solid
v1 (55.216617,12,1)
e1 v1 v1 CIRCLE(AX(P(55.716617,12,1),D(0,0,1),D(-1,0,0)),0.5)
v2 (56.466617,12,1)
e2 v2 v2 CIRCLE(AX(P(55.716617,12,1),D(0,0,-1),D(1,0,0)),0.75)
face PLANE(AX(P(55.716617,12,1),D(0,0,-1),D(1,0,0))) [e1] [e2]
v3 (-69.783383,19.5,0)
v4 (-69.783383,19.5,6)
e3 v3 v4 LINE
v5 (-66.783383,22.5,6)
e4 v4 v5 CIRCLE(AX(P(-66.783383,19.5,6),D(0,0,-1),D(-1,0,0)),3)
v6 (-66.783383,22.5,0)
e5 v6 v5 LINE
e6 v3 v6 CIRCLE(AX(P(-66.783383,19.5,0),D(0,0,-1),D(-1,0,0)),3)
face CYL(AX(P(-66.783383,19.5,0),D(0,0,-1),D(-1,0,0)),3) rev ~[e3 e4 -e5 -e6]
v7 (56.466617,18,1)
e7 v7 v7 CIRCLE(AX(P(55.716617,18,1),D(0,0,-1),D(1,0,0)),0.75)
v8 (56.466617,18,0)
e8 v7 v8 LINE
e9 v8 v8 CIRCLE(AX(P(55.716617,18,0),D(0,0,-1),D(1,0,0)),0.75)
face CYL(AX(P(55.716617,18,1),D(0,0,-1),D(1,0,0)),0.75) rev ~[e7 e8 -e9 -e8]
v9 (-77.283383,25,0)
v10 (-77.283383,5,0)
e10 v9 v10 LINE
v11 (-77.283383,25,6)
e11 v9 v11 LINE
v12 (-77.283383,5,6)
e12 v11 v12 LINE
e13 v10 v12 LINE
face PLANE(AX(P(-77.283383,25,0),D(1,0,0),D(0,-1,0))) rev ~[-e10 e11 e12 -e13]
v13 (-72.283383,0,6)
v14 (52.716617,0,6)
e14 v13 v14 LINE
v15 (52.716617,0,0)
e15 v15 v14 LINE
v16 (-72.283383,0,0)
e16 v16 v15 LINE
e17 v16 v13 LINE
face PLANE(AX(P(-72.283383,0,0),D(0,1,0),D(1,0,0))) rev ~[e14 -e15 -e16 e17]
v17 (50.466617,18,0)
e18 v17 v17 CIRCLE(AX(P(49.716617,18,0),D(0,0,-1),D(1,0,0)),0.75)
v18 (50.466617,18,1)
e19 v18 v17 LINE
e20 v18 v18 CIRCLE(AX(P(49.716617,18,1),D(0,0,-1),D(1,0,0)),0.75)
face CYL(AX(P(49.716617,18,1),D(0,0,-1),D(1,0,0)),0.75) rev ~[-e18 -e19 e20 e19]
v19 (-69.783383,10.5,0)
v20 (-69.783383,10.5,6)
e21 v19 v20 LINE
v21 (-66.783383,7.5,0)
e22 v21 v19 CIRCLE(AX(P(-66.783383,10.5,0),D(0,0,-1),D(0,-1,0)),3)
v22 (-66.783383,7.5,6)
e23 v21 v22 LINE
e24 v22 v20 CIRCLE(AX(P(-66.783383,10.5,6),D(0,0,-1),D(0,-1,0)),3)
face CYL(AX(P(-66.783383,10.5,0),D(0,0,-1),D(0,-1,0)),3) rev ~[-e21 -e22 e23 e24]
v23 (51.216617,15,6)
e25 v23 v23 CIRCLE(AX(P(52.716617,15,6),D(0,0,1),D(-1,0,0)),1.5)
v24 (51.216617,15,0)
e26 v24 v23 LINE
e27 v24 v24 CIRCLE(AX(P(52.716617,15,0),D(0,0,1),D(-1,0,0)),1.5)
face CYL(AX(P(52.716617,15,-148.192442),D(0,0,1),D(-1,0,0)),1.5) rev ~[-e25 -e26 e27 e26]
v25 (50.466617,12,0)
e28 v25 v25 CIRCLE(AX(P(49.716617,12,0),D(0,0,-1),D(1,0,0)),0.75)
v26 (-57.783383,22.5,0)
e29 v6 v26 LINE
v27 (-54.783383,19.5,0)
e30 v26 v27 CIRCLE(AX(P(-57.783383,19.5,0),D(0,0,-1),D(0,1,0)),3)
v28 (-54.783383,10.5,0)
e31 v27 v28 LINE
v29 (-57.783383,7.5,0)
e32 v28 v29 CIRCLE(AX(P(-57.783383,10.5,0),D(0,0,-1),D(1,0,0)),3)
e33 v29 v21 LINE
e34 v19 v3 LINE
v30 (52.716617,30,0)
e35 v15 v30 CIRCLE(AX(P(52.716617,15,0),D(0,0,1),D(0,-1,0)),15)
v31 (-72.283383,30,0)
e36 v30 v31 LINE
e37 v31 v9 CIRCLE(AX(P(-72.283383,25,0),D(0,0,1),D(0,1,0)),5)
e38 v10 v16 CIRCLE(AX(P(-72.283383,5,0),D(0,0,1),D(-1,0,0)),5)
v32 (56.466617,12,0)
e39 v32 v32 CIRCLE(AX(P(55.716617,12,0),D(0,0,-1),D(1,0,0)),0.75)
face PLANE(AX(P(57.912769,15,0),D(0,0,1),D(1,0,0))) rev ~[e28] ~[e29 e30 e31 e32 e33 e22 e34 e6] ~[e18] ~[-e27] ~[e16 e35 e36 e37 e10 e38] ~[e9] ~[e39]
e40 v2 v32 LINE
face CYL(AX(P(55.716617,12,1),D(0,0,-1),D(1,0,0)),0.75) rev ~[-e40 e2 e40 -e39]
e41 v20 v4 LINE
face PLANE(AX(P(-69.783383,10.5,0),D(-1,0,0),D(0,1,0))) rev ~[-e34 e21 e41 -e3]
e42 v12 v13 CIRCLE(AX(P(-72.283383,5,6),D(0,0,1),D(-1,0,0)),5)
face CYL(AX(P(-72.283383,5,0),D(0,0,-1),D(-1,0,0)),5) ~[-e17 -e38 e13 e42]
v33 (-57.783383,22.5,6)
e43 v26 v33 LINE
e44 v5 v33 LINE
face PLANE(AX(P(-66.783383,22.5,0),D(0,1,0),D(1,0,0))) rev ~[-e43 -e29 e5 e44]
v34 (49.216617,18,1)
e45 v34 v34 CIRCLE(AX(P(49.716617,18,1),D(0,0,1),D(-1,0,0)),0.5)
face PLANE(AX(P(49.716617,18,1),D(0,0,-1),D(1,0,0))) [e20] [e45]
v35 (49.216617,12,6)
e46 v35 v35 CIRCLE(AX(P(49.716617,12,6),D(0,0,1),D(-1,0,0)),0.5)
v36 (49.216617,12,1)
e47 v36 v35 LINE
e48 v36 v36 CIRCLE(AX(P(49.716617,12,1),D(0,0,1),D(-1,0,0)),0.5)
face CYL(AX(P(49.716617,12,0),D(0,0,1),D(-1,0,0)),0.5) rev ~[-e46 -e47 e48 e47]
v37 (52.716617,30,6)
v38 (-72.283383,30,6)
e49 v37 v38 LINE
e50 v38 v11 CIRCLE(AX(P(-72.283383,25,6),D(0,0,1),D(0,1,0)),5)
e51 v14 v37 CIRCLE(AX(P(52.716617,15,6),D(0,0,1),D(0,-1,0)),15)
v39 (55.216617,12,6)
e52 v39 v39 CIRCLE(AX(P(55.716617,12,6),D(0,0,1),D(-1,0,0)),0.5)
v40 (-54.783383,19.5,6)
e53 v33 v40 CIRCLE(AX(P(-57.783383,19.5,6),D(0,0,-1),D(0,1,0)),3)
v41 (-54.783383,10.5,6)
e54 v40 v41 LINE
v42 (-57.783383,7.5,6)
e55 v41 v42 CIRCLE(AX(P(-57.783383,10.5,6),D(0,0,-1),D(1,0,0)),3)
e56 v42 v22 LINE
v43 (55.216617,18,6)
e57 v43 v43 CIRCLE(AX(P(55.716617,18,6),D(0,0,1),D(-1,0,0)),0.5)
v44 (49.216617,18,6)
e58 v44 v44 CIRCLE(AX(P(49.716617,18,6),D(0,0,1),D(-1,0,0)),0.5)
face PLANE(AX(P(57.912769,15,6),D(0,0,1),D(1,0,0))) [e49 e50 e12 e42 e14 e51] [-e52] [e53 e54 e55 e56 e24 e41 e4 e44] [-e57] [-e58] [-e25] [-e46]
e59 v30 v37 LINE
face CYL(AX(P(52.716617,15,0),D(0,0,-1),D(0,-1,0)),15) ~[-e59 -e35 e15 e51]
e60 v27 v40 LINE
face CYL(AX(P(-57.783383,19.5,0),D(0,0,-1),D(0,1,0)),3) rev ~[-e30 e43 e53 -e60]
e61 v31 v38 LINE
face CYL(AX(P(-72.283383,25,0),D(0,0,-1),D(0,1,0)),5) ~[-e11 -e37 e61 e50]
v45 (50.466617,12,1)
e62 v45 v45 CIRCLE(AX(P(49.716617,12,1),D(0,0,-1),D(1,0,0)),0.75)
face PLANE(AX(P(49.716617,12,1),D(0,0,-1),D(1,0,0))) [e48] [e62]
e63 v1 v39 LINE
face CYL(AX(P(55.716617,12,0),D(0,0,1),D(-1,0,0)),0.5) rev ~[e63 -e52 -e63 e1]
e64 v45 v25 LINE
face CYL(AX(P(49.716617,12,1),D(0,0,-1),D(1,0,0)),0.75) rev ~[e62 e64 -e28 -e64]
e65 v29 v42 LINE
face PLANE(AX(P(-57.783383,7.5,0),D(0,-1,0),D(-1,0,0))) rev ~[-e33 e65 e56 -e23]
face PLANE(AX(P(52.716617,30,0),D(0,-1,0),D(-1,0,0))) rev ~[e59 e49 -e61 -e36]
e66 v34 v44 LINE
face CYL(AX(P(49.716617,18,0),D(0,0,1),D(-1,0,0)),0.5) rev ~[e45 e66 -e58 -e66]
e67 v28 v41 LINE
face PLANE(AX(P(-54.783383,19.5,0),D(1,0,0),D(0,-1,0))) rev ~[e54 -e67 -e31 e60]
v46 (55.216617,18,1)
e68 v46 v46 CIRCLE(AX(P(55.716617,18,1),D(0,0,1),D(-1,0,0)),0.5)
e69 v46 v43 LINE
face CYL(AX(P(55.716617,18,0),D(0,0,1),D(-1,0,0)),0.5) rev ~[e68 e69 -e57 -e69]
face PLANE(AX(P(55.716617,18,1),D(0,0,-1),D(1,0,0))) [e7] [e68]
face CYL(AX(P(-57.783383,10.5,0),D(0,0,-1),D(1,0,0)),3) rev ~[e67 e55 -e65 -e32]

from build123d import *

# Parameters (mm, degrees)
F1_DEPTH       = 6
F2_D           = 3
F3_D           = 1
F3_CBORE_D     = 1.5
F3_CBORE_DEPTH = 1


with BuildPart() as f1:
    # F0 (on Top) → F1 (new body)
    with BuildSketch(Plane.XY):
        with BuildLine():
            Line((52.7166165411, 30), (52.7166165411, 0))
            ThreePointArc((52.7166165411, 0), (67.7166165411, 15), (52.7166165411, 30))
        make_face()
        with BuildLine():
            Line((34.7231468186, 0), (52.7166165411, 0))
            ThreePointArc((52.7166165411, 0), (37.7166165411, 15), (52.7166165411, 30))
            Line((52.7166165411, 30), (35.3341475129, 30))
            Line((35.3341475129, 30), (-47.2833834589, 30))
            Line((-47.2833834589, 30), (-72.2833834589, 30))
            ThreePointArc((-72.2833834589, 30), (-75.8189173648, 28.5355339059), (-77.2833834589, 25))
            Line((-77.2833834589, 25), (-77.2833834589, 5))
            ThreePointArc((-77.2833834589, 5), (-75.8189173648, 1.4644660941), (-72.2833834589, 0))
            Line((-72.2833834589, 0), (16.729677096, 0))
            Line((16.729677096, 0), (34.7231468186, 0))
        make_face()
        with BuildLine():
            ThreePointArc((-69.7833834589, 19.5), (-68.9047038024, 21.6213203436), (-66.7833834589, 22.5))
            Line((-66.7833834589, 22.5), (-57.7833834589, 22.5))
            ThreePointArc((-57.7833834589, 22.5), (-55.6620631153, 21.6213203436), (-54.7833834589, 19.5))
            Line((-54.7833834589, 19.5), (-54.7833834589, 10.5))
            ThreePointArc((-54.7833834589, 10.5), (-55.6620631153, 8.3786796564), (-57.7833834589, 7.5))
            Line((-57.7833834589, 7.5), (-66.7833834589, 7.5))
            ThreePointArc((-66.7833834589, 7.5), (-68.9047038024, 8.3786796564), (-69.7833834589, 10.5))
            Line((-69.7833834589, 10.5), (-69.7833834589, 19.5))
        make_face(mode=Mode.SUBTRACT)
        with BuildLine():
            ThreePointArc((52.7166165411, 30), (37.7166165411, 15), (52.7166165411, 0))
            Line((52.7166165411, 0), (52.7166165411, 30))
        make_face()
    extrude(amount=F1_DEPTH)

    # F2 (through all)
    with Locations(Plane(origin=(0, 0, 0), x_dir=(1, 0, 0), z_dir=(0, 0, -1))):
        with Locations((52.7166165411, -15)):
            Hole(F2_D / 2)

    # F3 (through all)
    with Locations(Plane(origin=(0, 0, 0), x_dir=(1, 0, 0), z_dir=(0, 0, -1))):
        with Locations((55.7166165411, -18), (55.7166165411, -12), (49.7166165411, -12), (49.7166165411, -18)):
            CounterBoreHole(F3_D / 2, F3_CBORE_D / 2, F3_CBORE_DEPTH)


solid = f1.part
